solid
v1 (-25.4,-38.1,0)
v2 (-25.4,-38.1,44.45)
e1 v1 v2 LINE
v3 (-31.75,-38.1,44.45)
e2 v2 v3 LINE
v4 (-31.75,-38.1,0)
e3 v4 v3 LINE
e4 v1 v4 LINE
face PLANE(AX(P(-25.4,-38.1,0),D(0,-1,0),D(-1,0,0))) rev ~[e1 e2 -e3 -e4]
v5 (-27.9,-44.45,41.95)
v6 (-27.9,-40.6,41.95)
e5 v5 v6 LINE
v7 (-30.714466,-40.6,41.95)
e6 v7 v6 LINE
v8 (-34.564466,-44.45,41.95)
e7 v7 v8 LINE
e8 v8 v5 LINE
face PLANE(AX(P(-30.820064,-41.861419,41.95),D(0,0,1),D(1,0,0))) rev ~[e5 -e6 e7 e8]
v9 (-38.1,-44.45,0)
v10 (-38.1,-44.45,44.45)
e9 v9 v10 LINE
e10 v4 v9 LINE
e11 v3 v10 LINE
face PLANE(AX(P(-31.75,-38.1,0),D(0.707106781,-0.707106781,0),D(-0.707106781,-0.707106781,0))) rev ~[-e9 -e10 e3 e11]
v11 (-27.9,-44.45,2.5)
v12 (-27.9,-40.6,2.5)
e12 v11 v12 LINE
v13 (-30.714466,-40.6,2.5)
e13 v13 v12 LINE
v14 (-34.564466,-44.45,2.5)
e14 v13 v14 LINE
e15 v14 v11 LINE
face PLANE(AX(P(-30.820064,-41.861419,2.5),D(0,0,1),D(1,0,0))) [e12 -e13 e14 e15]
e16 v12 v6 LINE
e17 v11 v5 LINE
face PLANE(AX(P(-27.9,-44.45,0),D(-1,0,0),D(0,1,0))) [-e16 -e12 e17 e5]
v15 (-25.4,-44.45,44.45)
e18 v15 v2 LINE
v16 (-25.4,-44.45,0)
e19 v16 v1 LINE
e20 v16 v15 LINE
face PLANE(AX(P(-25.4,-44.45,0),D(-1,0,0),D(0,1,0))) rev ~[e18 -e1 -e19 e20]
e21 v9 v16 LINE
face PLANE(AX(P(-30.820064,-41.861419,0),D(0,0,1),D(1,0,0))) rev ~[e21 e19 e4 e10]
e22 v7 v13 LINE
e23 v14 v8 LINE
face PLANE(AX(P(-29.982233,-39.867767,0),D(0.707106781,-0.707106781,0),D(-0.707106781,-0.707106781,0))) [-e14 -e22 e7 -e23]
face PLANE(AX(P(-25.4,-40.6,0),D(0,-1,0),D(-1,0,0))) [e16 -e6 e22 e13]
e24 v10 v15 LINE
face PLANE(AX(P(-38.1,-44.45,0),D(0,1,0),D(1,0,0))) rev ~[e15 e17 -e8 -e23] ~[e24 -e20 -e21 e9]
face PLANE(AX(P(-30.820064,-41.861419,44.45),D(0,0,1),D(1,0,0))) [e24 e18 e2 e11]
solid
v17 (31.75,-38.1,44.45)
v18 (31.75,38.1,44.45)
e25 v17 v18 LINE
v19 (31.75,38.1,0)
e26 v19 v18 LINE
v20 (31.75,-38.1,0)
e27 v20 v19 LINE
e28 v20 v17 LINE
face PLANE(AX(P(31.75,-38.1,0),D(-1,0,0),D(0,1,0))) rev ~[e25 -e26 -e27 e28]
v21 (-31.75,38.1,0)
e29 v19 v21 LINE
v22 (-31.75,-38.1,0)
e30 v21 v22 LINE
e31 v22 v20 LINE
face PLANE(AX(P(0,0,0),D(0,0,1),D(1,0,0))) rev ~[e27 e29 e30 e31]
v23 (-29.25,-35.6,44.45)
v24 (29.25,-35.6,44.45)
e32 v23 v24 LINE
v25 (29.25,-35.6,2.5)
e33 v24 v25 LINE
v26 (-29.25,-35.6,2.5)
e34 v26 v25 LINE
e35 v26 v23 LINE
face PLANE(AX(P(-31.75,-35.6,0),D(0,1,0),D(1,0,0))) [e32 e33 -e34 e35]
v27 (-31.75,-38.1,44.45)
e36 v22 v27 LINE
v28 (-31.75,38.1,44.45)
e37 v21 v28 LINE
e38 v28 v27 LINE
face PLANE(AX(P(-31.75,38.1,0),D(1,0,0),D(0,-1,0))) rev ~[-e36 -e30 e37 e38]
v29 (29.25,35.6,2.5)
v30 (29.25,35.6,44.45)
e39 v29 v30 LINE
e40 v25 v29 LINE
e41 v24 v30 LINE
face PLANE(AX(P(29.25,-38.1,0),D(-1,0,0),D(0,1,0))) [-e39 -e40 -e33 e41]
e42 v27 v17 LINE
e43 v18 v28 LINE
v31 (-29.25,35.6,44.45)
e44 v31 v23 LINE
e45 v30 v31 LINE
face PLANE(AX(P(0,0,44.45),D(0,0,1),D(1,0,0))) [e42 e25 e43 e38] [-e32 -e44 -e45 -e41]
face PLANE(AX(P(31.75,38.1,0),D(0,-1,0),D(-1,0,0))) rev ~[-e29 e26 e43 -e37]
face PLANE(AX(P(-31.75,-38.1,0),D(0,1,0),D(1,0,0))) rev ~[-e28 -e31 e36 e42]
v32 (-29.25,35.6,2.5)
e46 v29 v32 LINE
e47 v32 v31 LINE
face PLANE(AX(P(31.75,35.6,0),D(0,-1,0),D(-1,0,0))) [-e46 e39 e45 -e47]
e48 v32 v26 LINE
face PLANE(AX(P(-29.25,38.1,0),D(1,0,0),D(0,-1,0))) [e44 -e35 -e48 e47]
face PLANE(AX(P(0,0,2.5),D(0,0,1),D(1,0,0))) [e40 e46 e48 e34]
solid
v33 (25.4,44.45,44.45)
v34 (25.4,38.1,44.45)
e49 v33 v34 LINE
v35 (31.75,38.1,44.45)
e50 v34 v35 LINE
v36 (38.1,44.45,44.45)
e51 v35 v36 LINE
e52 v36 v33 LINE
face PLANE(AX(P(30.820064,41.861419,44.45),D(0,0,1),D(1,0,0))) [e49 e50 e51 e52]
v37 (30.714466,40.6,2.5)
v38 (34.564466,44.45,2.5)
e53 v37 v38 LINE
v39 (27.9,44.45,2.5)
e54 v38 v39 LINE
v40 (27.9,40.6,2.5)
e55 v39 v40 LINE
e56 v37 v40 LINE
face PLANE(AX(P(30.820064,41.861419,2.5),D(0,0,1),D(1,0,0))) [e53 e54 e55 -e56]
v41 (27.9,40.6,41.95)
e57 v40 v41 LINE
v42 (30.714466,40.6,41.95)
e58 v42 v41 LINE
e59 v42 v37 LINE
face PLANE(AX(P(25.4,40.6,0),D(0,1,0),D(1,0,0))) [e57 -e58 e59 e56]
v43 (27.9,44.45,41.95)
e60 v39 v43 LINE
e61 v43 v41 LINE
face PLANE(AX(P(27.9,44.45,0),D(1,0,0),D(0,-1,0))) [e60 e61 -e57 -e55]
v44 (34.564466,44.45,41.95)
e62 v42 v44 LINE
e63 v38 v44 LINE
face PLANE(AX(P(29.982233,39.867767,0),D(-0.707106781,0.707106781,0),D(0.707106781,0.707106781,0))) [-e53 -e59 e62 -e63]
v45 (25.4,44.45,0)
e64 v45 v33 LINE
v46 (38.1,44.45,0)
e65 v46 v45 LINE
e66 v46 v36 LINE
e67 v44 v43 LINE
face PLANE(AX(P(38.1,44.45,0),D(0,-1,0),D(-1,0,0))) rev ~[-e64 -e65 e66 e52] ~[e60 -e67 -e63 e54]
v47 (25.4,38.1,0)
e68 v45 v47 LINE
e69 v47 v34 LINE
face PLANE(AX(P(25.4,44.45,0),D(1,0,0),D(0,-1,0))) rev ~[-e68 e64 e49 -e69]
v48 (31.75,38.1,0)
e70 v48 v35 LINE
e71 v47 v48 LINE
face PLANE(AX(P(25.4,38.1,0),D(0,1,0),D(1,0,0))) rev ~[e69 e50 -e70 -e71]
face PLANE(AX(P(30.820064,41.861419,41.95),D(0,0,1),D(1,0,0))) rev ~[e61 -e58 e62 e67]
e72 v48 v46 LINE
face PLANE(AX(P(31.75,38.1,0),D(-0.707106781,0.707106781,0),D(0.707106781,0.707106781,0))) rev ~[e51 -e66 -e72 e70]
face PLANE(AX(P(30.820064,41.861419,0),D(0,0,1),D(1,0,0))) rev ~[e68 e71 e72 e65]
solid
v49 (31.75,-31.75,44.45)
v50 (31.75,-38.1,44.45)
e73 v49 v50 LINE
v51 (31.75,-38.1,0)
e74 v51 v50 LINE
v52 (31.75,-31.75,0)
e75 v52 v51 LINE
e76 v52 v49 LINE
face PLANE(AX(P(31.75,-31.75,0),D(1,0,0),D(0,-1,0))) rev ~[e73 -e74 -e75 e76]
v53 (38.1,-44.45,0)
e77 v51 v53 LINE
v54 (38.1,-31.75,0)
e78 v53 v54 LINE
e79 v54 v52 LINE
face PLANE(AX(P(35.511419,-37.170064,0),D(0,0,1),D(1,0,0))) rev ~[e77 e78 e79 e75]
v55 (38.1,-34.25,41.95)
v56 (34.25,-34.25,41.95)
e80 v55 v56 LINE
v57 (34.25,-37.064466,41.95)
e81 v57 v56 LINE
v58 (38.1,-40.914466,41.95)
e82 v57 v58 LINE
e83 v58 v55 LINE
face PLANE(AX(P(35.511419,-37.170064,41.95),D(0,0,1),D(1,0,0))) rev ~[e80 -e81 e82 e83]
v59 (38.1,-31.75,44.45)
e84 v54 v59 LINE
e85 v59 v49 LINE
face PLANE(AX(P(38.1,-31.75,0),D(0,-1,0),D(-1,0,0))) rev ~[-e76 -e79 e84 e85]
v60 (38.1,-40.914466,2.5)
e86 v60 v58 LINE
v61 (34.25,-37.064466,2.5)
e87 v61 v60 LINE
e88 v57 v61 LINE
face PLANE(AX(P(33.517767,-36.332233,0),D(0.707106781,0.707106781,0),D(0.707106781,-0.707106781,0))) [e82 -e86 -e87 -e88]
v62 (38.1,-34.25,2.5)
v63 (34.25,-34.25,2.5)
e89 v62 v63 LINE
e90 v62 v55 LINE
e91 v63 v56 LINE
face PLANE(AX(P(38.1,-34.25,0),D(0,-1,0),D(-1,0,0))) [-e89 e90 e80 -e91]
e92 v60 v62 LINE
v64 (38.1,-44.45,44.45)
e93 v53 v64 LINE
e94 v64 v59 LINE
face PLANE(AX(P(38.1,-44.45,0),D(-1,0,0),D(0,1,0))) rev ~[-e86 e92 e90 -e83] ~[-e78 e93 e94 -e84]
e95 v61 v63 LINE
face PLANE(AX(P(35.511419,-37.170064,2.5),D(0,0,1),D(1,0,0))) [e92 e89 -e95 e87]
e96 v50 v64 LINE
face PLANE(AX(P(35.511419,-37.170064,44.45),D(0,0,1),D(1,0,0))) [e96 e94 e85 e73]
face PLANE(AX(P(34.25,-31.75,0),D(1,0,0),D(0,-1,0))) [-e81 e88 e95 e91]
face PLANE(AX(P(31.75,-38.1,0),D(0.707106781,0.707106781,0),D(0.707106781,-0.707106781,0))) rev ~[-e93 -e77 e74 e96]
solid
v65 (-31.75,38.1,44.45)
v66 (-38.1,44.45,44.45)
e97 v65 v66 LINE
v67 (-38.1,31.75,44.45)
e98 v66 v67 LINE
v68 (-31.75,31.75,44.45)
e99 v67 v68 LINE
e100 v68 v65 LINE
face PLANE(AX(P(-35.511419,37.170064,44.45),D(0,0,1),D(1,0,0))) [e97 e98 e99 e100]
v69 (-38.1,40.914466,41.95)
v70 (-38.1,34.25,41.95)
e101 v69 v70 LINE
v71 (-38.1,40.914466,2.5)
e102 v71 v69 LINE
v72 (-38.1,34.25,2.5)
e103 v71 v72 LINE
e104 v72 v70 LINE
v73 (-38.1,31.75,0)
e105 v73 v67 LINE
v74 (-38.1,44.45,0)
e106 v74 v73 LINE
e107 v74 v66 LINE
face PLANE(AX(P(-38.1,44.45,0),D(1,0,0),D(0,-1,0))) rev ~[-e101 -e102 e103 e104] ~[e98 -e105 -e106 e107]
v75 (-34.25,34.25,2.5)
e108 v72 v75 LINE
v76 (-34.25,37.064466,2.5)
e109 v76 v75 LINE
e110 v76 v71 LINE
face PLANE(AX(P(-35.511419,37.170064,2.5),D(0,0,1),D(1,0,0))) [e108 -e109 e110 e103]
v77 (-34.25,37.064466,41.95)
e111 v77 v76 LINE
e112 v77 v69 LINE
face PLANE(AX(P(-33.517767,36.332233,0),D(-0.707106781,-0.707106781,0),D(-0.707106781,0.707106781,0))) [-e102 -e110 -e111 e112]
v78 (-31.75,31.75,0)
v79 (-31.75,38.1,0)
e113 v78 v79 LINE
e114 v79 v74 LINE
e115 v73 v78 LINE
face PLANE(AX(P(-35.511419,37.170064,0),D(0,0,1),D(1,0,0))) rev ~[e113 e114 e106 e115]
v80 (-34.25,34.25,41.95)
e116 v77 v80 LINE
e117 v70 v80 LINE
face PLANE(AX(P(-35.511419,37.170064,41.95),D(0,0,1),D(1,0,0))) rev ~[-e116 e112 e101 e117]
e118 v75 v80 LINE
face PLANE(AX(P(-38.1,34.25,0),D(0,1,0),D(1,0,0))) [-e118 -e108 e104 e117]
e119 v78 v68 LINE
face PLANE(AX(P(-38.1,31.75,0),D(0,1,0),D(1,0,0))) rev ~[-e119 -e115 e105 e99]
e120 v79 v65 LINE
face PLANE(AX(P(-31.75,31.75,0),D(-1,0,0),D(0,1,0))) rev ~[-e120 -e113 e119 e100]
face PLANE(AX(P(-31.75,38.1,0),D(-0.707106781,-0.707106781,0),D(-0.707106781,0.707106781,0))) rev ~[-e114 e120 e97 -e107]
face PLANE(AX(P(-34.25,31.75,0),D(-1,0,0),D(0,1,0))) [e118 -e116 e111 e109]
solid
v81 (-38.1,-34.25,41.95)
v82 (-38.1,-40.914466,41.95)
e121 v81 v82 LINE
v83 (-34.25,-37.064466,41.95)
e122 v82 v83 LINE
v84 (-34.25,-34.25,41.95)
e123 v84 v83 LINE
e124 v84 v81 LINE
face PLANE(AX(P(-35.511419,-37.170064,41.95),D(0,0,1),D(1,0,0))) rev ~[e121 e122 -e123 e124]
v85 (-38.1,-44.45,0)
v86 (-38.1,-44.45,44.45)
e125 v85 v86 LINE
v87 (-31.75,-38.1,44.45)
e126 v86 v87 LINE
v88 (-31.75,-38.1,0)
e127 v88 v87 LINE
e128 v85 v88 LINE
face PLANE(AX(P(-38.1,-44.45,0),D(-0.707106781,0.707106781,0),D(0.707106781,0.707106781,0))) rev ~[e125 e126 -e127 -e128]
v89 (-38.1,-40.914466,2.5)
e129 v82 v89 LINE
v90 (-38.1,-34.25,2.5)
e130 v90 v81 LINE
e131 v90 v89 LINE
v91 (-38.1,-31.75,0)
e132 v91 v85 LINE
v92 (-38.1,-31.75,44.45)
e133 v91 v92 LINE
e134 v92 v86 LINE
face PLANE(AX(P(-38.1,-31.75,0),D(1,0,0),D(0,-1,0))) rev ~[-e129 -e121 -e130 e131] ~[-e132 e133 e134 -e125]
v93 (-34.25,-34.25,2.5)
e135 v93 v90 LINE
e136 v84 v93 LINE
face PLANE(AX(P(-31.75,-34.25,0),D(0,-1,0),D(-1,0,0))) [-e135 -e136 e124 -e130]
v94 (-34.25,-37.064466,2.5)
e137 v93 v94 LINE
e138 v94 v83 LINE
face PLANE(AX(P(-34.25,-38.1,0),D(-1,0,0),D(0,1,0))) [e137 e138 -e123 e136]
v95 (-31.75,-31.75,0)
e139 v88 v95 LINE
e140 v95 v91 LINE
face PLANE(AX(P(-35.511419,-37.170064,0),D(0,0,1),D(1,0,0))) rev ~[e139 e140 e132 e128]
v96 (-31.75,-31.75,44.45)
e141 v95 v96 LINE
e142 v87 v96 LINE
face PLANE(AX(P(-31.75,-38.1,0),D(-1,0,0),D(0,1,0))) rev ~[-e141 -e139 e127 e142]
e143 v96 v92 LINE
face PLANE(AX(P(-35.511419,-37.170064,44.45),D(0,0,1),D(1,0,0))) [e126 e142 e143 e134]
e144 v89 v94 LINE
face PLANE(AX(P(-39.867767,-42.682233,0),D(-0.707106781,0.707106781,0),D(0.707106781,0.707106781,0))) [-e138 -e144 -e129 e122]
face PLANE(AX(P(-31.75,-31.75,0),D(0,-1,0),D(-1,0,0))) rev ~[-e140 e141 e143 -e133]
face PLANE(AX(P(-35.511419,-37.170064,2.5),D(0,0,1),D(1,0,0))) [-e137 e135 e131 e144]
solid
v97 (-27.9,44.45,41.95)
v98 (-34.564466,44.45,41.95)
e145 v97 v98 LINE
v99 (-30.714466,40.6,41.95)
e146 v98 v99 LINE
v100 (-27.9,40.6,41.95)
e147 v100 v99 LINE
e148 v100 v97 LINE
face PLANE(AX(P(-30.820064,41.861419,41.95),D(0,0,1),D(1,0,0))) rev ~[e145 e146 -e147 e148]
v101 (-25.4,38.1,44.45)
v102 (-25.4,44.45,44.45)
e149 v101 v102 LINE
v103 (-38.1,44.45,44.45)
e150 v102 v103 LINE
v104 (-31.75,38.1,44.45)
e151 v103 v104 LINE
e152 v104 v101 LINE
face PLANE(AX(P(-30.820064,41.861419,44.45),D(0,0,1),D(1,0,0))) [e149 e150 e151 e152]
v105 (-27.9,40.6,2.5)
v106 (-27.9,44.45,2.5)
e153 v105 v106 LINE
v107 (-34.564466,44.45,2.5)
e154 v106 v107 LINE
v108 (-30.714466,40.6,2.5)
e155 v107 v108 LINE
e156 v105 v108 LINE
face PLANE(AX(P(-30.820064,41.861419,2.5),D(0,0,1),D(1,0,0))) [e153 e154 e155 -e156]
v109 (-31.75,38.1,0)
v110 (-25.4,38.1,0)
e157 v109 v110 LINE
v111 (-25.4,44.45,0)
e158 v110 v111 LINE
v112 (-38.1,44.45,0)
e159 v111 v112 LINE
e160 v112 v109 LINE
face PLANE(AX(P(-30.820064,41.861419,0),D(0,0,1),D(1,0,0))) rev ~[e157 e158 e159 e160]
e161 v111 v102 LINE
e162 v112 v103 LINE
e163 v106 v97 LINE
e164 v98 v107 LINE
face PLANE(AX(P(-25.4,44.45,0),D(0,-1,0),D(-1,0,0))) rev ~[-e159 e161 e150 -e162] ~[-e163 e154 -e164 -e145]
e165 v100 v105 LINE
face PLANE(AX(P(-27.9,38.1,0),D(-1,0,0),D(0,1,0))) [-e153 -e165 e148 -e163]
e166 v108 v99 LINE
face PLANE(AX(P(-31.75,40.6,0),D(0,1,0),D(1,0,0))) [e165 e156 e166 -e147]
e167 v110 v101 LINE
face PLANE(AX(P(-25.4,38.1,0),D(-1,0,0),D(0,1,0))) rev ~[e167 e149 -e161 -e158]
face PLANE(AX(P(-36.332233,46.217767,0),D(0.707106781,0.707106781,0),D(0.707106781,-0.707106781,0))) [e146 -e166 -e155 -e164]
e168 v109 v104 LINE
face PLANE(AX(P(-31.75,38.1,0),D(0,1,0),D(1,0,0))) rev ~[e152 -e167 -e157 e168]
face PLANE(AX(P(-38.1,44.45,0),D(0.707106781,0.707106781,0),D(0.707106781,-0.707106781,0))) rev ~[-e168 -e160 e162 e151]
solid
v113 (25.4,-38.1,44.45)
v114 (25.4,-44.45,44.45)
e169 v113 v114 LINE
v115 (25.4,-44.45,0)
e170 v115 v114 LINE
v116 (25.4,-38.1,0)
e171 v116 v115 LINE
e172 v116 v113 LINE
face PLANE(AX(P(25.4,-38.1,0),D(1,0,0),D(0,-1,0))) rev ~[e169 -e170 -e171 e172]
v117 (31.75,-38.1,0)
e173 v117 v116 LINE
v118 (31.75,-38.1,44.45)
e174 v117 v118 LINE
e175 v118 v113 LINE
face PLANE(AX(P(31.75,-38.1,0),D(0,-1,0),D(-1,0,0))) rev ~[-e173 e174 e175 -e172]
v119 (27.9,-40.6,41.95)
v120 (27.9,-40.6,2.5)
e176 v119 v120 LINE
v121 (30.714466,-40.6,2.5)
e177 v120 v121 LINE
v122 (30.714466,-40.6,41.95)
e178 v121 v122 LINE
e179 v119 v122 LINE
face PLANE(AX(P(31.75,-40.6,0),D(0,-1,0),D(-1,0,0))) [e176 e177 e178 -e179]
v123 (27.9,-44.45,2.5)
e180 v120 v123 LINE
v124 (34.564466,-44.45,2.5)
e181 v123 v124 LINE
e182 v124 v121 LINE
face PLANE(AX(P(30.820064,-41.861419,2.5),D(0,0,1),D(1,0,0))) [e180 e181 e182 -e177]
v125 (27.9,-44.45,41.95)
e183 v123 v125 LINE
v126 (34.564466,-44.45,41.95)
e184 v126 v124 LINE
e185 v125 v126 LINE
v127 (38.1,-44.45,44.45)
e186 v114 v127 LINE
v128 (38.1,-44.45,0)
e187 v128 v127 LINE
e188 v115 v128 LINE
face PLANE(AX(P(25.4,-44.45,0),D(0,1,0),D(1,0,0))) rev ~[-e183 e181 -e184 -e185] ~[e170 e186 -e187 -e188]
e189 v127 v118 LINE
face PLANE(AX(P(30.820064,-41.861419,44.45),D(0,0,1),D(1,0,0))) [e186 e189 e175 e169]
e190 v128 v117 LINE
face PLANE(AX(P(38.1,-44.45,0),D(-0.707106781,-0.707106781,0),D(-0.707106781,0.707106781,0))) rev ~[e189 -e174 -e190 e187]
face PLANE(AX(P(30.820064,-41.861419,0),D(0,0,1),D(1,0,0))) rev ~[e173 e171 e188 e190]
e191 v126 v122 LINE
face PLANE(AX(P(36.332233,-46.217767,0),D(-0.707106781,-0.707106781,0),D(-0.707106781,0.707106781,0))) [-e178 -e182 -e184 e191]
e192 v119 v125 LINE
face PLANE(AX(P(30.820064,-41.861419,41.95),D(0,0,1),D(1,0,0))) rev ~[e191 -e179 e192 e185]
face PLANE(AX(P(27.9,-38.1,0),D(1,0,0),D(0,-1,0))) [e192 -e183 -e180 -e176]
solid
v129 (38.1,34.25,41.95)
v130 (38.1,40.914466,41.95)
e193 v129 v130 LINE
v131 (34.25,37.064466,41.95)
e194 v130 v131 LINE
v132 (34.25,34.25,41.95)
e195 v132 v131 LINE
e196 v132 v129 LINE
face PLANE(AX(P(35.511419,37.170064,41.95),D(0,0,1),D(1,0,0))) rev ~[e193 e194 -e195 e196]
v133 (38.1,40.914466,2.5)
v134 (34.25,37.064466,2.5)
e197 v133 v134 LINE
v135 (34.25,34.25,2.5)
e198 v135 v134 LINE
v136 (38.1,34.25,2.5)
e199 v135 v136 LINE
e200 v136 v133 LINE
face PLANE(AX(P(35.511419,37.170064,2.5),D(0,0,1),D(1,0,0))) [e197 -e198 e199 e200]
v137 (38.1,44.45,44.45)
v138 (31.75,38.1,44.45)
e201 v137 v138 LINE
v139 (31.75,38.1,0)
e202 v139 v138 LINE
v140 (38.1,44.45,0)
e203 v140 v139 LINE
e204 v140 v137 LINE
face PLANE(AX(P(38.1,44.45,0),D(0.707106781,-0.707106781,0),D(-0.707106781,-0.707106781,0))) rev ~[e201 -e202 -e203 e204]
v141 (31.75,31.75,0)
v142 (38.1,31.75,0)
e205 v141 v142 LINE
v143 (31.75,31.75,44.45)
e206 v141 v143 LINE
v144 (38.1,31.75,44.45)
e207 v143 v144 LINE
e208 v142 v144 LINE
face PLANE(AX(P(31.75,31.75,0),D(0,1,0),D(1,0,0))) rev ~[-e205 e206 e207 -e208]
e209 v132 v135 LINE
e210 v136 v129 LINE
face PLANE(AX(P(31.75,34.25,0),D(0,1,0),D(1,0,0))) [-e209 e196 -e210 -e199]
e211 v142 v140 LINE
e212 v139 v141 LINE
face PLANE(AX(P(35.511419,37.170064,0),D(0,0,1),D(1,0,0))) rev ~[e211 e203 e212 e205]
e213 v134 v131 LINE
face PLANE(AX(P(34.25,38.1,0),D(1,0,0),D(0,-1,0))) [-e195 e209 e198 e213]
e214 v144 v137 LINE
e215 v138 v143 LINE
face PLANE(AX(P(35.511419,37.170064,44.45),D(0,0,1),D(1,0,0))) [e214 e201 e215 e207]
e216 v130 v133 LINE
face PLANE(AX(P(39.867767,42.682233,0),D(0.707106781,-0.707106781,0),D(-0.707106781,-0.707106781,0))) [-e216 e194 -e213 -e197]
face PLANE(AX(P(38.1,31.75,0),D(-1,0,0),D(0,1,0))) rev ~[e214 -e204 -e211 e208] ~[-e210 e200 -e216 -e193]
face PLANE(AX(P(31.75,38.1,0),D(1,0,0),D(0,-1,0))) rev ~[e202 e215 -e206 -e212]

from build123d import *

# Parameters (mm, degrees)
F1_DEPTH = 44.45
F2_T     = -2.5
F3_DEPTH = 44.45
F4_DEPTH = 44.45
F5_T     = -2.5
F5_2_T   = -2.5
F6_T     = -2.5
F6_2_T   = -2.5
F6_3_T   = -2.5
F6_4_T   = -2.5
F6_5_T   = -2.5
F6_6_T   = -2.5


with BuildPart() as f1:
    # F0 (on Top) → F1 (new body)
    with BuildSketch(Plane.XY):
        Polygon((25.4, -38.1), (31.75, -38.1), (31.75, -31.75), (31.75, 31.75), (31.75, 38.1), (25.4, 38.1), (-25.4, 38.1), (-31.75, 38.1), (-31.75, 31.75), (-31.75, -31.75), (-31.75, -38.1), (-25.4, -38.1), align=None)
    extrude(amount=F1_DEPTH)

    # F2
    f2_openings = [f1.faces().sort_by_distance(p)[0] for p in [
        (0, 0, 44.45),
    ]]
    offset(amount=F2_T, openings=f2_openings)


with BuildPart() as f3:
    # F0 (on Top) → F3 (new body)
    with BuildSketch(Plane.XY):
        Polygon((25.4, 38.1), (31.75, 38.1), (38.1, 44.45), (25.4, 44.45), align=None)
    extrude(amount=F3_DEPTH)

    # F6
    f6_openings = [f3.faces().sort_by_distance(p)[0] for p in [
        (31.75, 44.45, 22.225),
    ]]
    offset(amount=F6_T, openings=f6_openings)


with BuildPart() as f3b:
    # F0 (on Top) → F3, piece 2 (new body)
    with BuildSketch(Plane.XY):
        Polygon((31.75, -31.75), (31.75, -38.1), (38.1, -44.45), (38.1, -31.75), align=None)
    extrude(amount=F3_DEPTH)

    # F5
    f5_openings = [f3b.faces().sort_by_distance(p)[0] for p in [
        (38.1, -38.1, 22.225),
    ]]
    offset(amount=F5_T, openings=f5_openings)


with BuildPart() as f3c:
    # F0 (on Top) → F3, piece 3 (new body)
    with BuildSketch(Plane.XY):
        Polygon((-38.1, -44.45), (-31.75, -38.1), (-31.75, -31.75), (-38.1, -31.75), align=None)
    extrude(amount=F3_DEPTH)

    # F6#6
    f6_6_openings = [f3c.faces().sort_by_distance(p)[0] for p in [
        (-38.1, -38.1, 22.225),
    ]]
    offset(amount=F6_6_T, openings=f6_6_openings)


with BuildPart() as f3d:
    # F0 (on Top) → F3, piece 4 (new body)
    with BuildSketch(Plane.XY):
        Polygon((-31.75, 38.1), (-25.4, 38.1), (-25.4, 44.45), (-38.1, 44.45), align=None)
    extrude(amount=F3_DEPTH)

    # F6#4
    f6_4_openings = [f3d.faces().sort_by_distance(p)[0] for p in [
        (-31.75, 44.45, 22.225),
    ]]
    offset(amount=F6_4_T, openings=f6_4_openings)


with BuildPart() as f4:
    # F0 (on Top) → F4 (new body)
    with BuildSketch(Plane.XY):
        Polygon((-38.1, 31.75), (-31.75, 31.75), (-31.75, 38.1), (-38.1, 44.45), align=None)
    extrude(amount=F4_DEPTH)

    # F6#3
    f6_3_openings = [f4.faces().sort_by_distance(p)[0] for p in [
        (-38.1, 38.1, 22.225),
    ]]
    offset(amount=F6_3_T, openings=f6_3_openings)


with BuildPart() as f4b:
    # F0 (on Top) → F4, piece 2 (new body)
    with BuildSketch(Plane.XY):
        Polygon((31.75, 38.1), (31.75, 31.75), (38.1, 31.75), (38.1, 44.45), align=None)
    extrude(amount=F4_DEPTH)

    # F6#2
    f6_2_openings = [f4b.faces().sort_by_distance(p)[0] for p in [
        (38.1, 38.1, 22.225),
    ]]
    offset(amount=F6_2_T, openings=f6_2_openings)


with BuildPart() as f4c:
    # F0 (on Top) → F4, piece 3 (new body)
    with BuildSketch(Plane.XY):
        Polygon((38.1, -44.45), (31.75, -38.1), (25.4, -38.1), (25.4, -44.45), align=None)
    extrude(amount=F4_DEPTH)

    # F5#2
    f5_2_openings = [f4c.faces().sort_by_distance(p)[0] for p in [
        (31.75, -44.45, 22.225),
    ]]
    offset(amount=F5_2_T, openings=f5_2_openings)


with BuildPart() as f4d:
    # F0 (on Top) → F4, piece 4 (new body)
    with BuildSketch(Plane.XY):
        Polygon((-25.4, -44.45), (-25.4, -38.1), (-31.75, -38.1), (-38.1, -44.45), align=None)
    extrude(amount=F4_DEPTH)

    # F6#5
    f6_5_openings = [f4d.faces().sort_by_distance(p)[0] for p in [
        (-31.75, -44.45, 22.225),
    ]]
    offset(amount=F6_5_T, openings=f6_5_openings)


solid = Compound([f1.part, f3.part, f3b.part, f3c.part, f3d.part, f4.part, f4b.part, f4c.part, f4d.part])
